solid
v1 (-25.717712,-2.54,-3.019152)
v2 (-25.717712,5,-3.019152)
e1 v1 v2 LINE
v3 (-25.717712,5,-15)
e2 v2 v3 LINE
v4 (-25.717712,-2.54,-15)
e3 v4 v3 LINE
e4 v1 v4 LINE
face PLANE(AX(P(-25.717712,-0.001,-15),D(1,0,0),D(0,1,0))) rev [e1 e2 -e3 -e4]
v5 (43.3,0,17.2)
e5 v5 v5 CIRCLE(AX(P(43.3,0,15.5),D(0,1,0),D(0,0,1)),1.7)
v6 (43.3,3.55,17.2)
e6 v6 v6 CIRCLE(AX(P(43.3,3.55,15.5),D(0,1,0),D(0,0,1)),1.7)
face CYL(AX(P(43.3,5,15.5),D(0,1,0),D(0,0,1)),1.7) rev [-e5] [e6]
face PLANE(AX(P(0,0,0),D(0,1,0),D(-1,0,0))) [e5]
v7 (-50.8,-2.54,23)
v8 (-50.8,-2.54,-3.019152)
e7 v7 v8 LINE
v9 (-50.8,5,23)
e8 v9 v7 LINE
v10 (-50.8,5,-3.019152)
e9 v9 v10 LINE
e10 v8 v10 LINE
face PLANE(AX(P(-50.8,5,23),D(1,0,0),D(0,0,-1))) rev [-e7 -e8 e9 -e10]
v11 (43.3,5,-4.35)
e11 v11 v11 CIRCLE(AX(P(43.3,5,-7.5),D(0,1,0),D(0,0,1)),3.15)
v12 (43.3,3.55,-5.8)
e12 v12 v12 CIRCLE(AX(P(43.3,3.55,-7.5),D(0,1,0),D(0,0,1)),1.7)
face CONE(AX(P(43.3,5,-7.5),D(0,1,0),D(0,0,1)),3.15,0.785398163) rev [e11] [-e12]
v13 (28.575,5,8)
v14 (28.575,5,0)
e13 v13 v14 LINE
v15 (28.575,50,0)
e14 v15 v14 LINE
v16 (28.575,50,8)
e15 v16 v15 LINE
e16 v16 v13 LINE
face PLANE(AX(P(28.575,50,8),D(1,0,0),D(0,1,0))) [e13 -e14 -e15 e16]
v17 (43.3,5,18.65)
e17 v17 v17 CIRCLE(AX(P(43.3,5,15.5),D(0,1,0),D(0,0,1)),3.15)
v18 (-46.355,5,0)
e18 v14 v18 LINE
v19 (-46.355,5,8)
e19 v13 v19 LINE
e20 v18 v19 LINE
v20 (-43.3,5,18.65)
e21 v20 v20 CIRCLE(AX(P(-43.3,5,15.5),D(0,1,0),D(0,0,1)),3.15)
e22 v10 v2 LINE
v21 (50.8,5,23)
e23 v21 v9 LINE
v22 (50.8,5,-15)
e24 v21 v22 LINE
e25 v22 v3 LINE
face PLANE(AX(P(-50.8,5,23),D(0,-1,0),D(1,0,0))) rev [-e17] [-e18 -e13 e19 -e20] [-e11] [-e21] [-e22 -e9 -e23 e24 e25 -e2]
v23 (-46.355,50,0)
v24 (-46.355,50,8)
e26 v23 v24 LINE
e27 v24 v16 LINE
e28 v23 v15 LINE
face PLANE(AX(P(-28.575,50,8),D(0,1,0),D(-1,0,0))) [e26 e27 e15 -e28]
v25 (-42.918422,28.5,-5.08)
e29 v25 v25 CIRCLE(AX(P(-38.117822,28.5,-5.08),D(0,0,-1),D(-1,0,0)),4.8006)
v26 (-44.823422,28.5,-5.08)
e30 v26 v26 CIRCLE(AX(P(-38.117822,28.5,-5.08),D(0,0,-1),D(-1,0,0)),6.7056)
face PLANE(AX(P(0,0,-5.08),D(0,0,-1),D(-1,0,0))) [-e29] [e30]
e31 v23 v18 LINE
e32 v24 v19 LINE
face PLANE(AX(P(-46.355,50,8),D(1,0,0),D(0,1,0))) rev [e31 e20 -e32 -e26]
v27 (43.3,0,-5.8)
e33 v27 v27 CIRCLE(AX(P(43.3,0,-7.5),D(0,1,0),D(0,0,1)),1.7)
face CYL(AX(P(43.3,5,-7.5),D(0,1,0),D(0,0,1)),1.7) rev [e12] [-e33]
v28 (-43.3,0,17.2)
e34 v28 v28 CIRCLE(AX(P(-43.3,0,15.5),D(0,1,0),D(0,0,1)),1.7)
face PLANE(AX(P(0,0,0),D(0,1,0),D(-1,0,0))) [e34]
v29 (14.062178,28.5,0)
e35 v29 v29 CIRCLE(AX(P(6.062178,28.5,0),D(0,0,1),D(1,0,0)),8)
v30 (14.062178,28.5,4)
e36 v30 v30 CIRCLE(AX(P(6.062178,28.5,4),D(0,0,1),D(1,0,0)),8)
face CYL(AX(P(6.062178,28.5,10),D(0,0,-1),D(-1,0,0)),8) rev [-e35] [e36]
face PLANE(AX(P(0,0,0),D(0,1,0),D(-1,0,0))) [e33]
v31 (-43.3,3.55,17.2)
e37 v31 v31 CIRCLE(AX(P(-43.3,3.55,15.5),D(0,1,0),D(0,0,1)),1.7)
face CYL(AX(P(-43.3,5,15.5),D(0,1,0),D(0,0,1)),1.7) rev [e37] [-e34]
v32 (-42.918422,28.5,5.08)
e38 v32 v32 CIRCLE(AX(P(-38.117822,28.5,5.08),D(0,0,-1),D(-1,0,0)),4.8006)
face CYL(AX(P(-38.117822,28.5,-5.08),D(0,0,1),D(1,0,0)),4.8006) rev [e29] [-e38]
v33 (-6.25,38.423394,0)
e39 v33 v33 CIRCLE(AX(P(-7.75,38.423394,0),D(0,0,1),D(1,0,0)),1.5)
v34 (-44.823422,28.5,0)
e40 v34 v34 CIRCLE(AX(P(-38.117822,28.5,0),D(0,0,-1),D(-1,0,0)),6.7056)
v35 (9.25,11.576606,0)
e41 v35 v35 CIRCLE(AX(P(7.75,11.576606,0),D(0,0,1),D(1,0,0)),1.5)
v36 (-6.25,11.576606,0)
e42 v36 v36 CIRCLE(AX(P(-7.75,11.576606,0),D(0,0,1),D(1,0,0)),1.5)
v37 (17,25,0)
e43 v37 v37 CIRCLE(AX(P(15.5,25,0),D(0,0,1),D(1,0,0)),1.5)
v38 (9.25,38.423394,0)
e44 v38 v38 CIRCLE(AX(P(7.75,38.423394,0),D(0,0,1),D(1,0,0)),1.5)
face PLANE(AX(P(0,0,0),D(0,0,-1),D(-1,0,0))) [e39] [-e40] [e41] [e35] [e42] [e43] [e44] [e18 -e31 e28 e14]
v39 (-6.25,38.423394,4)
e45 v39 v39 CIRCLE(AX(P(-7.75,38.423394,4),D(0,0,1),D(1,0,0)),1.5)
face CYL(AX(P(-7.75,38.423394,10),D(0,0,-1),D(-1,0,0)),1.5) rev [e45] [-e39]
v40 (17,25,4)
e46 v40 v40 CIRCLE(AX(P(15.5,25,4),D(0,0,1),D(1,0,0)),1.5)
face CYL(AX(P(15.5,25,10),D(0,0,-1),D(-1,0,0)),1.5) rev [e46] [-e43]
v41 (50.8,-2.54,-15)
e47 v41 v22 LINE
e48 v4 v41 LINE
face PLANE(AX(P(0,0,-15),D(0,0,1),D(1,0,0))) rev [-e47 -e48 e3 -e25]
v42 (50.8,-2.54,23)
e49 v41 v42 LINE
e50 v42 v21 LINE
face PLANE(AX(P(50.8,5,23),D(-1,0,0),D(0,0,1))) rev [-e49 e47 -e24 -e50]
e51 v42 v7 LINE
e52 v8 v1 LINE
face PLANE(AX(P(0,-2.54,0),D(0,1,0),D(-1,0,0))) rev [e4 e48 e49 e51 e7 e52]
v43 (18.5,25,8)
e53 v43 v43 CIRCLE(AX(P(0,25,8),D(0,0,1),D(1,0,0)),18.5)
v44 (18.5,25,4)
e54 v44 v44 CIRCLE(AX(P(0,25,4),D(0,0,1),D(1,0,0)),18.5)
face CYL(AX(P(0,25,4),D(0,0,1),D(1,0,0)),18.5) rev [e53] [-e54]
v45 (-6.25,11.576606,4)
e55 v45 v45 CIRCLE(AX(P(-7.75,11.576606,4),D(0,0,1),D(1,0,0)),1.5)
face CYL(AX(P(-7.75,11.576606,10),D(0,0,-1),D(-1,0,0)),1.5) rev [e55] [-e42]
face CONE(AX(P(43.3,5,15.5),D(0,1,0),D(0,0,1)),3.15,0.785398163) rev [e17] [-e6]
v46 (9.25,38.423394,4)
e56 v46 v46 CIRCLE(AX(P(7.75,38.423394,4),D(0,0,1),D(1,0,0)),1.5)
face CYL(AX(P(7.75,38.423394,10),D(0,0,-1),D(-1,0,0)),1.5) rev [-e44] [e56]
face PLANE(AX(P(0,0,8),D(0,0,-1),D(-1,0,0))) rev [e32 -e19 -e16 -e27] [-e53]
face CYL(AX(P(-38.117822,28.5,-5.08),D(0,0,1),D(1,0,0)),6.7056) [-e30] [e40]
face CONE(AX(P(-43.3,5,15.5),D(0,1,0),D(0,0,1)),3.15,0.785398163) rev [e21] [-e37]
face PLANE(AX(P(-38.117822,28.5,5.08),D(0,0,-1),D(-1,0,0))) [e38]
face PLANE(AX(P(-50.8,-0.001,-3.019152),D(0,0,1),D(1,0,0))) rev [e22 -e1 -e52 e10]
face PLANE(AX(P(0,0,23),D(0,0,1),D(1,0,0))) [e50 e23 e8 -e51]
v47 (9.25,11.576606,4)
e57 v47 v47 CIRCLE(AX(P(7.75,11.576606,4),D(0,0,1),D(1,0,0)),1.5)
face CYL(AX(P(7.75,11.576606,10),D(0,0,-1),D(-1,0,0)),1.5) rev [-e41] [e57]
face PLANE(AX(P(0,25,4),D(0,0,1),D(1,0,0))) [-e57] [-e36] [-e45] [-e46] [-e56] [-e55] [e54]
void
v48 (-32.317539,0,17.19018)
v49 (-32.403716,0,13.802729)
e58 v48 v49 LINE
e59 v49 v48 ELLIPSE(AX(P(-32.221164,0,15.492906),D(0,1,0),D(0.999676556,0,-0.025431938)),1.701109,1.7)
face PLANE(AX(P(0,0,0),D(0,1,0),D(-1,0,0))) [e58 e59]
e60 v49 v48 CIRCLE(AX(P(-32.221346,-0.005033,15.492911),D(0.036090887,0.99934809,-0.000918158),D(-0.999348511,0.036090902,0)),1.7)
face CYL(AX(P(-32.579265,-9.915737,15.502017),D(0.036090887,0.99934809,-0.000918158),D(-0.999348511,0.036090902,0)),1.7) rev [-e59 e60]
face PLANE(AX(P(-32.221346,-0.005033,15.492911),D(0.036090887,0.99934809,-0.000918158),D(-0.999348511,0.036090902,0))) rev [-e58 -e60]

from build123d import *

# Parameters (mm, degrees)
SKETCH3_W                                       = 57.15
SKETCH3_H                                       = 50
BOSS_EXTRUDE1_DEPTH                             = 8
SKETCH3_3_R                                     = 1.5
SKETCH3_3_R_2                                   = 8
CUT_EXTRUDE2_DEPTH                              = 10
SKETCH4_R                                       = 18.5
CUT_EXTRUDE3_DEPTH                              = 4
BOSS_EXTRUDE2_DEPTH                             = 15
BOSS_EXTRUDE2_DEPTH_BACK                        = 23
SKETCH6_W                                       = 101.6
SKETCH6_H                                       = 5
CSK_FOR_M3_FLAT_HEAD_MACHINE_SCREW1_D           = 3.4
CSK_FOR_M3_FLAT_HEAD_MACHINE_SCREW1_CSINK_D     = 6.3
CSK_FOR_M3_FLAT_HEAD_MACHINE_SCREW1_CSINK_ANGLE = 90
CUT_EXTRUDE6_REACH                              = 555.432
SKETCH16_R                                      = 1.7
CUT_EXTRUDE7_REACH                              = 73.656
SKETCH17_W                                      = 25.08228791
SKETCH17_H                                      = 11.980848154
SKETCH18_W                                      = 17.78
SKETCH18_H                                      = 8
BOSS_EXTRUDE3_DEPTH                             = 45
SKETCH13_R                                      = 6.7056
SKETCH13_R_2                                    = 4.8006
BOSS_EXTRUDE4_DEPTH                             = 5.08
CUT_EXTRUDE8_START                              = -5.08
SKETCH19_R                                      = 4.8006
CUT_EXTRUDE8_DEPTH                              = 5.08
BOSS_EXTRUDE5_DEPTH                             = 2.54


with BuildPart() as part:
    # Sketch3 → Boss-Extrude1 (new body)
    with BuildSketch(Plane.XY):
        with Locations((0, 25)):
            Rectangle(SKETCH3_W, SKETCH3_H)
    extrude(amount=BOSS_EXTRUDE1_DEPTH)

    # Sketch3<3> → Cut-Extrude2 (cut)
    with BuildSketch(Plane.XY):
        with Locations(Location((-7.75, 38.423393759, 0), (0, 0, 180))):
            Circle(SKETCH3_3_R)
        with Locations(Location((7.75, 38.423393759, 0), (0, 0, 180))):
            Circle(SKETCH3_3_R)
        with Locations(Location((-7.75, 11.576606241, 0), (0, 0, 180))):
            Circle(SKETCH3_3_R)
        with Locations(Location((7.75, 11.576606241, 0), (0, 0, 180))):
            Circle(SKETCH3_3_R)
        with Locations(Location((15.5, 25, 0), (0, 0, 180))):
            Circle(SKETCH3_3_R)
        with Locations(Location((6.062177825, 28.499999999, 0), (0, 0, 180))):
            Circle(SKETCH3_3_R_2)
    extrude(amount=CUT_EXTRUDE2_DEPTH, mode=Mode.SUBTRACT)

    # Sketch4 → Cut-Extrude3 (cut)
    with BuildSketch(Plane.XY.offset(8)):
        with Locations((0, 25)):
            Circle(SKETCH4_R)
    extrude(amount=-CUT_EXTRUDE3_DEPTH, mode=Mode.SUBTRACT)

    # Sketch6 → Boss-Extrude2 (add, two sides: drawn at the far end of the back side and taken through both)
    with BuildSketch(Plane.XY.offset(8).offset(-BOSS_EXTRUDE2_DEPTH_BACK)):
        with Locations((0, 2.5)):
            Rectangle(SKETCH6_W, SKETCH6_H)
    extrude(amount=BOSS_EXTRUDE2_DEPTH + BOSS_EXTRUDE2_DEPTH_BACK)

    # CSK for M3 Flat Head Machine Screw1 (through all)
    with Locations(Plane(origin=(0, 5, 0), x_dir=(1, 0, 0), z_dir=(0, 1, 0))):
        with Locations((-43.3, 7.5), (-43.3, -15.5), (43.3, -15.5), (43.3, 7.5)):
            CounterSinkHole(CSK_FOR_M3_FLAT_HEAD_MACHINE_SCREW1_D / 2, CSK_FOR_M3_FLAT_HEAD_MACHINE_SCREW1_CSINK_D / 2, counter_sink_angle=CSK_FOR_M3_FLAT_HEAD_MACHINE_SCREW1_CSINK_ANGLE)

    # Sketch16 → Cut-Extrude6 (cut, up to next)
    with BuildSketch(Plane(origin=(-499.248949842, 16.821159134, -28.308871479), x_dir=(0.050830850863696445, -0.0009181581696577921, 0.9987068546806156), z_dir=(0.036090886531912156, 0.9993480899541041, -0.0009181581696584951)), mode=Mode.PRIVATE) as cut_extrude6_sk1:
        with Locations((67.5, 464.499999998)):
            Circle(SKETCH16_R)
    cut_extrude6_tool1 = extrude(cut_extrude6_sk1.sketch, amount=-CUT_EXTRUDE6_REACH, mode=Mode.PRIVATE) & part.part
    # Sketch16 → Cut-Extrude6 (cut, up to next)
    with BuildSketch(Plane(origin=(-499.248949842, 16.821159134, -28.308871479), x_dir=(0.050830850863696445, -0.0009181581696577921, 0.9987068546806156), z_dir=(0.036090886531912156, 0.9993480899541041, -0.0009181581696584951)), mode=Mode.PRIVATE) as cut_extrude6_sk2:
        with Locations((44.5, 464.499999998)):
            Circle(SKETCH16_R)
    cut_extrude6_tool2 = extrude(cut_extrude6_sk2.sketch, amount=-CUT_EXTRUDE6_REACH, mode=Mode.PRIVATE) & part.part
    add(cut_extrude6_tool1.solids().sort_by_distance((-32.221346, -0.005033, 15.492911))[0], mode=Mode.SUBTRACT)
    add(cut_extrude6_tool2.solids().sort_by_distance((-33.390455, 0.016084, -7.477347))[0], mode=Mode.SUBTRACT)

    # Sketch17 → Cut-Extrude7 (cut, up to next)
    with BuildSketch(Plane(origin=(0, 5, 0), x_dir=(1, 0, 0), z_dir=(0, 1, 0)), mode=Mode.PRIVATE) as cut_extrude7_sk1:
        with Locations((-38.258856045, 9.009575923)):
            Rectangle(SKETCH17_W, SKETCH17_H)
    cut_extrude7_tool1 = extrude(cut_extrude7_sk1.sketch, amount=-CUT_EXTRUDE7_REACH, mode=Mode.PRIVATE) & part.part
    add(cut_extrude7_tool1.solids().sort_by_distance((-38.258856, 5, -9.009576))[0], mode=Mode.SUBTRACT)

    # Sketch18 → Boss-Extrude3 (add)
    with BuildSketch(Plane(origin=(0, 5, 0), x_dir=(1, 0, 0), z_dir=(0, 1, 0))):
        with Locations((-37.465, -4)):
            Rectangle(SKETCH18_W, SKETCH18_H)
    extrude(amount=BOSS_EXTRUDE3_DEPTH)

    # Sketch13 → Boss-Extrude4 (add)
    with BuildSketch(Plane(origin=(0, 0, 0), x_dir=(-1, 0, 0), z_dir=(0, 0, -1))):
        with Locations((38.117822207, 28.499999999)):
            Circle(SKETCH13_R)
        with Locations((38.117822207, 28.499999999)):
            Circle(SKETCH13_R_2, mode=Mode.SUBTRACT)
    extrude(amount=BOSS_EXTRUDE4_DEPTH)

    # Sketch19 → Cut-Extrude8 (cut)
    with BuildSketch(Plane(origin=(0, 0, 0), x_dir=(-1, 0, 0), z_dir=(0, 0, -1)).offset(CUT_EXTRUDE8_START)):
        with Locations((38.117822207, 28.499999999)):
            Circle(SKETCH19_R)
    extrude(amount=CUT_EXTRUDE8_DEPTH, mode=Mode.SUBTRACT)

    # Sketch20 → Boss-Extrude5 (add)
    with BuildSketch(Plane.XZ):
        Polygon((-50.8, -3.019151846), (-50.8, 23), (50.8, 23), (50.8, -15), (-25.71771209, -15), (-25.71771209, -3.019151846), align=None)
    extrude(amount=BOSS_EXTRUDE5_DEPTH)


solid = part.part
